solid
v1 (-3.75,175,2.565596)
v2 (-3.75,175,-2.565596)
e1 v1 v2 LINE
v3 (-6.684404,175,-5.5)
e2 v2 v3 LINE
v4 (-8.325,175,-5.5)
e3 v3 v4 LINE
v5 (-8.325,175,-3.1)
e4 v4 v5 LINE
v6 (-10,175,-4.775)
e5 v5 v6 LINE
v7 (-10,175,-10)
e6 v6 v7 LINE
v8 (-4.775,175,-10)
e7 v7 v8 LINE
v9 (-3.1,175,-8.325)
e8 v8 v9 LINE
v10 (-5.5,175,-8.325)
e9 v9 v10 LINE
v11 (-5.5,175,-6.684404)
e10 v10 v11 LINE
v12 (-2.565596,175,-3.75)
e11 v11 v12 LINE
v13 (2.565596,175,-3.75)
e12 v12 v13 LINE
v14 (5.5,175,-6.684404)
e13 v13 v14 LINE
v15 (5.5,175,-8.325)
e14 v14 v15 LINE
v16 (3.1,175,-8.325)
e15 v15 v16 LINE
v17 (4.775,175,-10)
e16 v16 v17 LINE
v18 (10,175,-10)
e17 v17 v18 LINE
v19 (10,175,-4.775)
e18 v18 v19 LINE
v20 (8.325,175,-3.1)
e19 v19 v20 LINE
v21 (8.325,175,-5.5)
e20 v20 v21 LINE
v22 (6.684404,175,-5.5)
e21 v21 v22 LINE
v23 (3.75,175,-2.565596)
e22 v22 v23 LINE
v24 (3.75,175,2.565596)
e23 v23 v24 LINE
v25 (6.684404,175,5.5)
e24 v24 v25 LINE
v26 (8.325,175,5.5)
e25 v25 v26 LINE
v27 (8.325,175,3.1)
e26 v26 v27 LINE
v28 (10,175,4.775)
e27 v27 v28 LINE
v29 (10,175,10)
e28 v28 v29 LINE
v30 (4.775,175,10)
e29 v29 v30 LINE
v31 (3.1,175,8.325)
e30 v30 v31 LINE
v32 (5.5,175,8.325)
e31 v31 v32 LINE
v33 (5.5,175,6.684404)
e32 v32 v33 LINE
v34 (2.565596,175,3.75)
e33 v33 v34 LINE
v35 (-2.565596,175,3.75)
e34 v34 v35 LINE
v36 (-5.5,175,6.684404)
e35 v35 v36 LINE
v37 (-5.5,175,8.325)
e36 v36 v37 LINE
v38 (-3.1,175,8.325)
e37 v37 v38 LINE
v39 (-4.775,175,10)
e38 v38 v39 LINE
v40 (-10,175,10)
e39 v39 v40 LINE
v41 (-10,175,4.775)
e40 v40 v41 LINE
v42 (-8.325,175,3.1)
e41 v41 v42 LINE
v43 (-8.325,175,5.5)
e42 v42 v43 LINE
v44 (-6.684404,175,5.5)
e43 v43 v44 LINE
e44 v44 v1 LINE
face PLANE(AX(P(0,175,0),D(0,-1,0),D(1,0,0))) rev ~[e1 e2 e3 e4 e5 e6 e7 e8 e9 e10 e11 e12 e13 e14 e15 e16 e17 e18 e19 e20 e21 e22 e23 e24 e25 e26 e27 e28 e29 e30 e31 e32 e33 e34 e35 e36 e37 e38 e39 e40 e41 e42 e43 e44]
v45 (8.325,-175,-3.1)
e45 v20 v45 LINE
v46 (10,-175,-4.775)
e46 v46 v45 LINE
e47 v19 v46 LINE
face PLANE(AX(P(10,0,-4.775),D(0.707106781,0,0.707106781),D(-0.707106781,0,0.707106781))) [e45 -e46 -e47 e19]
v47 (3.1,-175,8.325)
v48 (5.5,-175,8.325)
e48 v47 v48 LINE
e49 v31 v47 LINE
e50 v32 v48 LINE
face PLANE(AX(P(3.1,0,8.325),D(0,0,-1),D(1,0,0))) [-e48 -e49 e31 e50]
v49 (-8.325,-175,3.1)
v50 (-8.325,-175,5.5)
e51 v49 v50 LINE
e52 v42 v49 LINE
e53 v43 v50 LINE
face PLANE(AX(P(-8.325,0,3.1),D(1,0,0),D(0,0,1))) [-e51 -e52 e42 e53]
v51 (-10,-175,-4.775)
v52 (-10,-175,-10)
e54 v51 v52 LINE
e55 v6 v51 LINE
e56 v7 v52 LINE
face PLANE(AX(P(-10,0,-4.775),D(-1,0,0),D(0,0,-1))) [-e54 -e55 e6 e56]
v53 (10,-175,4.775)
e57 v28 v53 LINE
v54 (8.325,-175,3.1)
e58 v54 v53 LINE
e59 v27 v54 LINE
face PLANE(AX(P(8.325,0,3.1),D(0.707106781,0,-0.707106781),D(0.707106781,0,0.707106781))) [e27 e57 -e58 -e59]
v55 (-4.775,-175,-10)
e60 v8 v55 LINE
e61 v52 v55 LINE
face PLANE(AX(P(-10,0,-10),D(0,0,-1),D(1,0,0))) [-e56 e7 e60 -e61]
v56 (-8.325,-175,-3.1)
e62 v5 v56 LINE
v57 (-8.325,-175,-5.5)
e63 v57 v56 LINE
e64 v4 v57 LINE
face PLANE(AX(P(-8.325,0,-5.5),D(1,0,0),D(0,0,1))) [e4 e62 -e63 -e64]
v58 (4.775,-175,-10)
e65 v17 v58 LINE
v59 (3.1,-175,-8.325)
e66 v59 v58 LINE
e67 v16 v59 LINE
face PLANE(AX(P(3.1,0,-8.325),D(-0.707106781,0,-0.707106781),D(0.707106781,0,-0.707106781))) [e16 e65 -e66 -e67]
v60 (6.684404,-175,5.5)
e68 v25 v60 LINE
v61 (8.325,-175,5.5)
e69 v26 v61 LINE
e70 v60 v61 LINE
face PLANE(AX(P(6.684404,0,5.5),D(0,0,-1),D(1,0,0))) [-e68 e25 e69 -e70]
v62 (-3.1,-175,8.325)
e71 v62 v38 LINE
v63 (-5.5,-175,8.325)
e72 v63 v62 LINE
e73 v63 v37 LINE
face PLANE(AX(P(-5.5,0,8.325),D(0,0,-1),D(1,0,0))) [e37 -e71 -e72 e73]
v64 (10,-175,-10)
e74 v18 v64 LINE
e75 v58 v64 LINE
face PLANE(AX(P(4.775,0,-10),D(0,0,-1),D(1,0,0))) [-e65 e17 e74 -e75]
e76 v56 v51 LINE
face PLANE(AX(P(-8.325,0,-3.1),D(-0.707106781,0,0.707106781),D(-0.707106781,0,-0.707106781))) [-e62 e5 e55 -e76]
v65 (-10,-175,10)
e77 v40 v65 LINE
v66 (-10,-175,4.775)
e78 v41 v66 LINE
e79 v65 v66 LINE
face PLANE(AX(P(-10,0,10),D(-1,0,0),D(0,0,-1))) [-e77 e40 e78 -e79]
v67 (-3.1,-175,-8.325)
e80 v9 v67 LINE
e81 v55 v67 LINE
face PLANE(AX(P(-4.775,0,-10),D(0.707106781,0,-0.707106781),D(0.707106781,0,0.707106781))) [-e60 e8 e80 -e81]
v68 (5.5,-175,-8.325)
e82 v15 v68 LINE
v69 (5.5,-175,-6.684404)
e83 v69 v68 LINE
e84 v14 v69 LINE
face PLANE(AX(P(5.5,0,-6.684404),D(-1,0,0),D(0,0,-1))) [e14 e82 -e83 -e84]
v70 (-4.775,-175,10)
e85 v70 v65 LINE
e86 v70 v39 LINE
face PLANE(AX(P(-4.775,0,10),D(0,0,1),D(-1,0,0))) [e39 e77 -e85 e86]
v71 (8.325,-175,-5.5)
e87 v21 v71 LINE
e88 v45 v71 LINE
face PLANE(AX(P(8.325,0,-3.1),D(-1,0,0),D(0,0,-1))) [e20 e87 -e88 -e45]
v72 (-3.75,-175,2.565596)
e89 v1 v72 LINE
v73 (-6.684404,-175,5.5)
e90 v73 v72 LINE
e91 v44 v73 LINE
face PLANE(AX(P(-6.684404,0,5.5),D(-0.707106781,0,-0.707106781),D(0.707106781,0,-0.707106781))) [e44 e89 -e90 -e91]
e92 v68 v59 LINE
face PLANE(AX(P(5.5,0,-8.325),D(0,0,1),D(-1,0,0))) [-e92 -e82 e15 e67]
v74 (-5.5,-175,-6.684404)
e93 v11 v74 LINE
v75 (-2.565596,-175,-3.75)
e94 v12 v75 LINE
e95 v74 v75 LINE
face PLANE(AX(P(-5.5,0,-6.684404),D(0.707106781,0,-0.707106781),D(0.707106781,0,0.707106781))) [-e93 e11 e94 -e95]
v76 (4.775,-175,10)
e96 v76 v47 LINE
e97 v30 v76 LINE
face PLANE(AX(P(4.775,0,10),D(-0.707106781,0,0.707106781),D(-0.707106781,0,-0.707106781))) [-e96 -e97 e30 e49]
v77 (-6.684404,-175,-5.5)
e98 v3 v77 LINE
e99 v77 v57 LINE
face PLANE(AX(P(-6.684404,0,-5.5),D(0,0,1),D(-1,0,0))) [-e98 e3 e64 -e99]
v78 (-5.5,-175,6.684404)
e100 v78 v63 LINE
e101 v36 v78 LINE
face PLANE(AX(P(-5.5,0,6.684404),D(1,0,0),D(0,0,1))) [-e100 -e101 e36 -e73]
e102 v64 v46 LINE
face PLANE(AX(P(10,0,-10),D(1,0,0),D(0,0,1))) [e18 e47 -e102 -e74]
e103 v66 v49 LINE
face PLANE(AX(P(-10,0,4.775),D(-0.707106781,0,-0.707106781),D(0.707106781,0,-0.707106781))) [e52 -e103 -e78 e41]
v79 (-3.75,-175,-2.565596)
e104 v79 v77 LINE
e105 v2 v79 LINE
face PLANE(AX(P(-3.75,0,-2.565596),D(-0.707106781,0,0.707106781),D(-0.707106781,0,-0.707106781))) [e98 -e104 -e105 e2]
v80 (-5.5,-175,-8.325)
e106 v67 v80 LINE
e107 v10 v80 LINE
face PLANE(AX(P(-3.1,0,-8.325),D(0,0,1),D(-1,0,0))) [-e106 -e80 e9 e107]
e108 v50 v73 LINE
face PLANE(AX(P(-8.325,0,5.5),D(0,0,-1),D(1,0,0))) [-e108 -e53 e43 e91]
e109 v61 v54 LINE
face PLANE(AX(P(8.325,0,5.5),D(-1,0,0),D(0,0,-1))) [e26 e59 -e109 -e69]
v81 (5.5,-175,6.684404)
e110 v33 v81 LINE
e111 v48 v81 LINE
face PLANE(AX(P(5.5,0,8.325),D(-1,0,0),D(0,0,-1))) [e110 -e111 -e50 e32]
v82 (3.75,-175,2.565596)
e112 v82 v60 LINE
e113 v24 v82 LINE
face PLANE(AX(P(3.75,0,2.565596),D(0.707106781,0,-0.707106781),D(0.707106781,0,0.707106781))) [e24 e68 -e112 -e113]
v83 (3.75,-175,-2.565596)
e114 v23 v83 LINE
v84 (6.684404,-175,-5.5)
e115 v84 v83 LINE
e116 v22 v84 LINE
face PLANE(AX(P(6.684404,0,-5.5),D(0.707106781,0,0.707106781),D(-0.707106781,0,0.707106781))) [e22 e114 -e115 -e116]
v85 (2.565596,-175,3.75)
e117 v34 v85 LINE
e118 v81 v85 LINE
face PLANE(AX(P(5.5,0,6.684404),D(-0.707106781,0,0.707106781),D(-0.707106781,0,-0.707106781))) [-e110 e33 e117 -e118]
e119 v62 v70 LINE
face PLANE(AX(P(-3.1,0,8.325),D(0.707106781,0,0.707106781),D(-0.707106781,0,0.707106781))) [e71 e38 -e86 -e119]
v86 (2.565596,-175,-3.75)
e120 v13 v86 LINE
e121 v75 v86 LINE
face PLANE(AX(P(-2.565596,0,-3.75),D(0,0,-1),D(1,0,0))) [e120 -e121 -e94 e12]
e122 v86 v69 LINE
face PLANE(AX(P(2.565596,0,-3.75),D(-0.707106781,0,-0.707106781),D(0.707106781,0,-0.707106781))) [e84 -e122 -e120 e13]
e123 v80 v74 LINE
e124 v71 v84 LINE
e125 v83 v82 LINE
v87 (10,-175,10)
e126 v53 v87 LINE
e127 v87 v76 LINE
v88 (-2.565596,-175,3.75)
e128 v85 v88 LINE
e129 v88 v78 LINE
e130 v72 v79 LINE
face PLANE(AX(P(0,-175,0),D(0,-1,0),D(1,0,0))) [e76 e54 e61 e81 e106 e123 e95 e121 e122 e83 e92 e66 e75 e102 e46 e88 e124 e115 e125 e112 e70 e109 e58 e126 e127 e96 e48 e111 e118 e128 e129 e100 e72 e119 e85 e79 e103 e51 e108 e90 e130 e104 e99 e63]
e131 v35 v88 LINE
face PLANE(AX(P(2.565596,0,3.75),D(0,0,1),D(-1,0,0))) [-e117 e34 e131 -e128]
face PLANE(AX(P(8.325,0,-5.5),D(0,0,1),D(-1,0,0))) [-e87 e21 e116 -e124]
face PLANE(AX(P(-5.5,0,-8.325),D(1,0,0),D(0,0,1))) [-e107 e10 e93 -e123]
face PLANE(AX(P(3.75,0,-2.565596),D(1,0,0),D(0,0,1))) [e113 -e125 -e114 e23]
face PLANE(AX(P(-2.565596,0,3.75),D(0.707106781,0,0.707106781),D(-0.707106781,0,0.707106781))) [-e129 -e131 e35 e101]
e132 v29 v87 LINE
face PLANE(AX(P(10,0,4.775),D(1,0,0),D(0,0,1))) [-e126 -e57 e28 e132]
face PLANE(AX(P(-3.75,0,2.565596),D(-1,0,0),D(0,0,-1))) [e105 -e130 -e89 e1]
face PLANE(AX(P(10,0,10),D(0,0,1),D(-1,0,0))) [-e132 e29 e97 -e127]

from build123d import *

# Parameters (mm, degrees)
F1_DEPTH = 175


with BuildPart() as f1:
    # F0 (on Front) → F1 (new body, symmetric)
    with BuildSketch(Plane.XZ):
        Polygon((-4.775, 10), (-10, 10), (-10, 4.775), (-8.325, 3.1), (-8.325, 5.5), (-6.684404, 5.5), (-3.75, 2.565596), (-3.75, 0), (-3.75, -2.565596), (-6.684404, -5.5), (-8.325, -5.5), (-8.325, -3.1), (-10, -4.775), (-10, -10), (-4.775, -10), (-3.1, -8.325), (-5.5, -8.325), (-5.5, -6.684404), (-2.565596, -3.75), (0, -3.75), (2.565596, -3.75), (5.5, -6.684404), (5.5, -8.325), (3.1, -8.325), (4.775, -10), (10, -10), (10, -4.775), (8.325, -3.1), (8.325, -5.5), (6.684404, -5.5), (3.75, -2.565596), (3.75, 0), (3.75, 2.565596), (6.684404, 5.5), (8.325, 5.5), (8.325, 3.1), (10, 4.775), (10, 10), (4.775, 10), (3.1, 8.325), (5.5, 8.325), (5.5, 6.684404), (2.565596, 3.75), (0, 3.75), (-2.565596, 3.75), (-5.5, 6.684404), (-5.5, 8.325), (-3.1, 8.325), align=None)
    extrude(amount=F1_DEPTH, both=True)


solid = f1.part
